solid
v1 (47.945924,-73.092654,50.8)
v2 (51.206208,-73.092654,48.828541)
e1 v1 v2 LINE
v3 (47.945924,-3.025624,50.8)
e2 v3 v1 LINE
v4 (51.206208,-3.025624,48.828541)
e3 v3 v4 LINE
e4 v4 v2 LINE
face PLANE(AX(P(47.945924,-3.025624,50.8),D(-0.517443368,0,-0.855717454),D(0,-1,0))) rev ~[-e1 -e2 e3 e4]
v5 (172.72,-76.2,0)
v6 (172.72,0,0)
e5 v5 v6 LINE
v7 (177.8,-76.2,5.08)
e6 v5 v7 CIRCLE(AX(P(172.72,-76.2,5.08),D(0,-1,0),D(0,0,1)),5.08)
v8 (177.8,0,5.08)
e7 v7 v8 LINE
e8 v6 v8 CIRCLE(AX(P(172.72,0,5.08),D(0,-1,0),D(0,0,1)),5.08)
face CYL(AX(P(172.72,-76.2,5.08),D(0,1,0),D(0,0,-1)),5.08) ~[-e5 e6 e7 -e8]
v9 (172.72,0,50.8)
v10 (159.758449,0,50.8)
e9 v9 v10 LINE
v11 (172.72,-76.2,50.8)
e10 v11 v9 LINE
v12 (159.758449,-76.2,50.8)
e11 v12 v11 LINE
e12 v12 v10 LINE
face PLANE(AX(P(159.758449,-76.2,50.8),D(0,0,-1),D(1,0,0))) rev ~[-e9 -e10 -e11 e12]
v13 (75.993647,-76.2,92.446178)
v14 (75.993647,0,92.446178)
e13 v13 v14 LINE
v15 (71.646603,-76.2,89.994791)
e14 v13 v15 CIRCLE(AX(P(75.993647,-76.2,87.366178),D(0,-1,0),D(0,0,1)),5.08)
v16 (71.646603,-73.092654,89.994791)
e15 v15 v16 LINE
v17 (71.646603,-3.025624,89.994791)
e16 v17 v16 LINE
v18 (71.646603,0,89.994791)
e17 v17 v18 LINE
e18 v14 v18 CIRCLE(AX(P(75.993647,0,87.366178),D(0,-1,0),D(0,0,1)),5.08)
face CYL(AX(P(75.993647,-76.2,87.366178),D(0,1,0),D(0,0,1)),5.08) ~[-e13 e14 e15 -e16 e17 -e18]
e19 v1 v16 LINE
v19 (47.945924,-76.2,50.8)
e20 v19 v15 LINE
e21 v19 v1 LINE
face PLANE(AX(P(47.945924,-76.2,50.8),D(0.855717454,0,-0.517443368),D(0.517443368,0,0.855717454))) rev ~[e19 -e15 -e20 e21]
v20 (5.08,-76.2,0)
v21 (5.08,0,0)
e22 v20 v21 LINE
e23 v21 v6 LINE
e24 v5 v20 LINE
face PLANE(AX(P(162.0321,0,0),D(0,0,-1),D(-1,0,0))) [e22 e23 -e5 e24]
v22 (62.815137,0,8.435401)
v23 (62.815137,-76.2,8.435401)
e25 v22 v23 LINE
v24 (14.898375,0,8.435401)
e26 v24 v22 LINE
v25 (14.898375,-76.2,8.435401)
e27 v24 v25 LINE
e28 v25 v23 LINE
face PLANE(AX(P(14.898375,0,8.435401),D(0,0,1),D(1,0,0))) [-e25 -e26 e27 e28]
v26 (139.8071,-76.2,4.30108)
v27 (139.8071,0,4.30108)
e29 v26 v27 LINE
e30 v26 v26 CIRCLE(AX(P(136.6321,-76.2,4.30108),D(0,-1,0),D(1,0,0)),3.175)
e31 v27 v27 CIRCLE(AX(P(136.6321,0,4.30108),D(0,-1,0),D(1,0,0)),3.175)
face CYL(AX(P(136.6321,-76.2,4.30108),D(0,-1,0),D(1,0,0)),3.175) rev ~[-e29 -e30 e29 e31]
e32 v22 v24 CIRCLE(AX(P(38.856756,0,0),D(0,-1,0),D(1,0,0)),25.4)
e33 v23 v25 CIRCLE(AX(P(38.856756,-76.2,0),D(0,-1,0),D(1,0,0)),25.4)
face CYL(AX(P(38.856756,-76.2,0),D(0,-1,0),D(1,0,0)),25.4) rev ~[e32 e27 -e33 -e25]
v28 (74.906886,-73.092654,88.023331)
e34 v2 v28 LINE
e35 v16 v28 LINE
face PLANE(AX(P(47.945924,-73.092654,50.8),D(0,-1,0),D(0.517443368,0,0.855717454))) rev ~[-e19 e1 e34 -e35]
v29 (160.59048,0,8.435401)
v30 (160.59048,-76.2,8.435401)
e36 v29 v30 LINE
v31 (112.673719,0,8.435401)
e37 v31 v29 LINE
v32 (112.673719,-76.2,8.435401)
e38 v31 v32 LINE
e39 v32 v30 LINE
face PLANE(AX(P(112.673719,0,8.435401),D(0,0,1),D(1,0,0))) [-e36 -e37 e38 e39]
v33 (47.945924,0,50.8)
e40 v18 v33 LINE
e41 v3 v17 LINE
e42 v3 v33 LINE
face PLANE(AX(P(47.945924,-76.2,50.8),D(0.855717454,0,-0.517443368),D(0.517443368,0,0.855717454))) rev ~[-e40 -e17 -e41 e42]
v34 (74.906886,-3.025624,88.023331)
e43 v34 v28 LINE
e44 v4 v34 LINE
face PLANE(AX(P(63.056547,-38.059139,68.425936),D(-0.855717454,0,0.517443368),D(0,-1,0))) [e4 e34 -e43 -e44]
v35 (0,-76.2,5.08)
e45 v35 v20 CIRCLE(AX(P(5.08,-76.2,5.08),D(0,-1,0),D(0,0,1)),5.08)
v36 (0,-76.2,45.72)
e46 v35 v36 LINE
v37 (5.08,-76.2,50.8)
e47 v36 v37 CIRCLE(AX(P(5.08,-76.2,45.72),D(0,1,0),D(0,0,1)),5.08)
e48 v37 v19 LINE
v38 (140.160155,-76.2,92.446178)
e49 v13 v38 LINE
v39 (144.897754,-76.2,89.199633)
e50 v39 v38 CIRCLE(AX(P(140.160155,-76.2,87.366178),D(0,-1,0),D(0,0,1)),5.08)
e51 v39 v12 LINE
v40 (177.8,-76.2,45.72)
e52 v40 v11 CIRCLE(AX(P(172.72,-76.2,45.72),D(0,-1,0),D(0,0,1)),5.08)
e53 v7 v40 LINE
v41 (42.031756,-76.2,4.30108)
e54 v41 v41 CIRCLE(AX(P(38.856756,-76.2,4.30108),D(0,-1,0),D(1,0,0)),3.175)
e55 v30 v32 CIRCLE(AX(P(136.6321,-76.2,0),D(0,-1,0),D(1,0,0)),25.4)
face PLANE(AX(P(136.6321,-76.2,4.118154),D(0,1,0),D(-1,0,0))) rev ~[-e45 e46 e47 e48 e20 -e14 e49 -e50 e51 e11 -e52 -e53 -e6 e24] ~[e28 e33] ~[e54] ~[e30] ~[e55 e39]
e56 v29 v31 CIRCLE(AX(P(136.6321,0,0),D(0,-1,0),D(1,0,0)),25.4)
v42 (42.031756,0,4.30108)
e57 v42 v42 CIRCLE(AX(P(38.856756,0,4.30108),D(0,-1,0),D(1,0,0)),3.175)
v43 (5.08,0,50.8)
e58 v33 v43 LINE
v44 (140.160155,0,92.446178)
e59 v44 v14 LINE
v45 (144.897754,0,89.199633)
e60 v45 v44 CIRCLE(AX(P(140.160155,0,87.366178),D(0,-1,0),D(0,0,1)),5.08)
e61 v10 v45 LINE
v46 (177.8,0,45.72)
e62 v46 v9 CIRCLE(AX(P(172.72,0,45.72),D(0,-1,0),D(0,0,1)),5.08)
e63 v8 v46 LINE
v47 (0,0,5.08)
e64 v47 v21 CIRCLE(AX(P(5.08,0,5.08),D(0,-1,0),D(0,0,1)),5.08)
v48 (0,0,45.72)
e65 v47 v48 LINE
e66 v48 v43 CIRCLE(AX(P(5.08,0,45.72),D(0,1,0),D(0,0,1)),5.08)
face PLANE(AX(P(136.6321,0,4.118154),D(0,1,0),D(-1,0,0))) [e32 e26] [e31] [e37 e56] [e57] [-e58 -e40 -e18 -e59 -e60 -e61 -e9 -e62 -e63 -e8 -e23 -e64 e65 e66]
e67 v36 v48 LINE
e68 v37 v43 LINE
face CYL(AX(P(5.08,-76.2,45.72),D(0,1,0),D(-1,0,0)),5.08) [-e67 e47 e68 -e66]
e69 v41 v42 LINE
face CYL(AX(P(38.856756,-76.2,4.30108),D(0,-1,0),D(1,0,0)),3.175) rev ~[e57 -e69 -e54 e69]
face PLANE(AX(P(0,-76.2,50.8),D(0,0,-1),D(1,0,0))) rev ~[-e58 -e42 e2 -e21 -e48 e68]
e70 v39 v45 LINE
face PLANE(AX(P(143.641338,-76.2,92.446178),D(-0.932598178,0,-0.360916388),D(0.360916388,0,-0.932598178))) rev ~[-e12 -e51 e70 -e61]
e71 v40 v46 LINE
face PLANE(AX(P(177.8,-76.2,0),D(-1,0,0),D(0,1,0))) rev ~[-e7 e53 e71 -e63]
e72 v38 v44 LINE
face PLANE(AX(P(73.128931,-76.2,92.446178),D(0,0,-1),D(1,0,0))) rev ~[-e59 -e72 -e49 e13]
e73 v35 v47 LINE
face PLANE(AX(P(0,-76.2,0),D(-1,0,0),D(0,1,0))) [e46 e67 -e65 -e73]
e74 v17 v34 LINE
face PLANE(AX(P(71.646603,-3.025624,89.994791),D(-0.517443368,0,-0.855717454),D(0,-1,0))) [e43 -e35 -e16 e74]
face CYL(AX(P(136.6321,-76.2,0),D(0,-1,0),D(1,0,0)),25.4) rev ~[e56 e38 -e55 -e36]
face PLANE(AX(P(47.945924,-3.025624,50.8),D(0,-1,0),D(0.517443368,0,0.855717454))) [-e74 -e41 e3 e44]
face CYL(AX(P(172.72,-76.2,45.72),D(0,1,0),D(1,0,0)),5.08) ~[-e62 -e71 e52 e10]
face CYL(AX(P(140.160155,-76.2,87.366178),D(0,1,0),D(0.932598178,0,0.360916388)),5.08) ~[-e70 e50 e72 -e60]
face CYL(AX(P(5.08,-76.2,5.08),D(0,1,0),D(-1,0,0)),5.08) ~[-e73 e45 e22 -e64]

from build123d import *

# Parameters (mm, degrees)
F0_W      = 177.8
F0_H      = 76.2
F1_DEPTH  = 101.6
F3_DEPTH  = 203.2
F4_R      = 5.08
F5_W      = 70.067029912
F5_H      = 45.8034253509
F6_DEPTH  = 3.81
F8_DEPTH  = 203.2
F10_DEPTH = 76.2
F11_R     = 3.175
F12_DEPTH = 76.2


with BuildPart() as f1:
    # F0 (on Top) → F1 (new body)
    with BuildSketch(Plane.XY):
        with Locations((88.9, -38.1)):
            Rectangle(F0_W, F0_H)
    extrude(amount=F1_DEPTH)

    # F2 (on face) → F3 (cut)
    with BuildSketch(Plane.XZ.offset(76.2)):
        Polygon((0, 101.6), (0, 50.8), (47.9459241033, 50.8), (73.1289312243, 92.4461781979), (143.6413377523, 92.4461781979), (159.7584486008, 50.8), (177.8, 50.8), (177.8, 101.6), align=None)
    extrude(amount=-F3_DEPTH, mode=Mode.SUBTRACT)

    # F4
    f4_edges = [f1.edges().sort_by_distance(p)[0] for p in [
        (0, -38.1, 50.8),
        (73.128931, -38.1, 92.446178),
        (143.641338, -38.1, 92.446178),
        (177.8, -38.1, 50.8),
        (177.8, -38.1, 0),
        (0, -38.1, 0),
    ]]
    fillet(f4_edges, radius=F4_R)

    # F5 (on face) → F6 (cut)
    with BuildSketch(Plane(origin=(12.6150217606, 0, -7.6281713371), x_dir=(0, -1, 0), z_dir=(-0.8557174536, 0, 0.5174433684))):
        with Locations((38.0591393914, 91.1814597909)):
            Rectangle(F5_W, F5_H)
    extrude(amount=-F6_DEPTH, mode=Mode.SUBTRACT)

    # F7 (on face) → F8 (cut)
    with BuildSketch(Plane.XZ.offset(76.2)):
        with BuildLine():
            ThreePointArc((162.0320997477, 0), (136.6320997477, 25.4), (111.2320997477, 0))
            Line((111.2320997477, 0), (162.0320997477, 0))
        make_face()
        with BuildLine():
            Line((13.4567559421, 0), (64.2567559421, 0))
            ThreePointArc((64.2567559421, 0), (38.8567559421, 25.4), (13.4567559421, 0))
        make_face()
    extrude(amount=-F8_DEPTH, mode=Mode.SUBTRACT)

    # F9 (on face) → F10 (join)
    with BuildSketch(Plane(origin=(0, 0, 0), x_dir=(-1, 0, 0), z_dir=(0, 1, 0))):
        with BuildLine():
            ThreePointArc((-160.5904804881, 8.4354011342), (-161.6691010738, 4.2788508499), (-162.0320997477, 0))
            Line((-162.0320997477, 0), (-111.2320997477, 0))
            ThreePointArc((-111.2320997477, 0), (-111.5950984215, 4.2788508499), (-112.6737190072, 8.4354011342))
            Line((-112.6737190072, 8.4354011342), (-160.5904804881, 8.4354011342))
        make_face()
        with BuildLine():
            ThreePointArc((-62.8151366826, 8.4354011342), (-63.8937572682, 4.2788508499), (-64.2567559421, 0))
            Line((-64.2567559421, 0), (-13.4567559421, 0))
            ThreePointArc((-13.4567559421, 0), (-13.819754616, 4.2788508499), (-14.8983752016, 8.4354011342))
            Line((-14.8983752016, 8.4354011342), (-62.8151366826, 8.4354011342))
        make_face()
    extrude(amount=-F10_DEPTH)

    # F11 (on face) → F12 (cut)
    with BuildSketch(Plane.XZ.offset(76.2)):
        with Locations((38.8567559421, 4.3010804802)):
            Circle(F11_R)
        with Locations((136.6320997477, 4.3010804802)):
            Circle(F11_R)
    extrude(amount=-F12_DEPTH, mode=Mode.SUBTRACT)


solid = f1.part
